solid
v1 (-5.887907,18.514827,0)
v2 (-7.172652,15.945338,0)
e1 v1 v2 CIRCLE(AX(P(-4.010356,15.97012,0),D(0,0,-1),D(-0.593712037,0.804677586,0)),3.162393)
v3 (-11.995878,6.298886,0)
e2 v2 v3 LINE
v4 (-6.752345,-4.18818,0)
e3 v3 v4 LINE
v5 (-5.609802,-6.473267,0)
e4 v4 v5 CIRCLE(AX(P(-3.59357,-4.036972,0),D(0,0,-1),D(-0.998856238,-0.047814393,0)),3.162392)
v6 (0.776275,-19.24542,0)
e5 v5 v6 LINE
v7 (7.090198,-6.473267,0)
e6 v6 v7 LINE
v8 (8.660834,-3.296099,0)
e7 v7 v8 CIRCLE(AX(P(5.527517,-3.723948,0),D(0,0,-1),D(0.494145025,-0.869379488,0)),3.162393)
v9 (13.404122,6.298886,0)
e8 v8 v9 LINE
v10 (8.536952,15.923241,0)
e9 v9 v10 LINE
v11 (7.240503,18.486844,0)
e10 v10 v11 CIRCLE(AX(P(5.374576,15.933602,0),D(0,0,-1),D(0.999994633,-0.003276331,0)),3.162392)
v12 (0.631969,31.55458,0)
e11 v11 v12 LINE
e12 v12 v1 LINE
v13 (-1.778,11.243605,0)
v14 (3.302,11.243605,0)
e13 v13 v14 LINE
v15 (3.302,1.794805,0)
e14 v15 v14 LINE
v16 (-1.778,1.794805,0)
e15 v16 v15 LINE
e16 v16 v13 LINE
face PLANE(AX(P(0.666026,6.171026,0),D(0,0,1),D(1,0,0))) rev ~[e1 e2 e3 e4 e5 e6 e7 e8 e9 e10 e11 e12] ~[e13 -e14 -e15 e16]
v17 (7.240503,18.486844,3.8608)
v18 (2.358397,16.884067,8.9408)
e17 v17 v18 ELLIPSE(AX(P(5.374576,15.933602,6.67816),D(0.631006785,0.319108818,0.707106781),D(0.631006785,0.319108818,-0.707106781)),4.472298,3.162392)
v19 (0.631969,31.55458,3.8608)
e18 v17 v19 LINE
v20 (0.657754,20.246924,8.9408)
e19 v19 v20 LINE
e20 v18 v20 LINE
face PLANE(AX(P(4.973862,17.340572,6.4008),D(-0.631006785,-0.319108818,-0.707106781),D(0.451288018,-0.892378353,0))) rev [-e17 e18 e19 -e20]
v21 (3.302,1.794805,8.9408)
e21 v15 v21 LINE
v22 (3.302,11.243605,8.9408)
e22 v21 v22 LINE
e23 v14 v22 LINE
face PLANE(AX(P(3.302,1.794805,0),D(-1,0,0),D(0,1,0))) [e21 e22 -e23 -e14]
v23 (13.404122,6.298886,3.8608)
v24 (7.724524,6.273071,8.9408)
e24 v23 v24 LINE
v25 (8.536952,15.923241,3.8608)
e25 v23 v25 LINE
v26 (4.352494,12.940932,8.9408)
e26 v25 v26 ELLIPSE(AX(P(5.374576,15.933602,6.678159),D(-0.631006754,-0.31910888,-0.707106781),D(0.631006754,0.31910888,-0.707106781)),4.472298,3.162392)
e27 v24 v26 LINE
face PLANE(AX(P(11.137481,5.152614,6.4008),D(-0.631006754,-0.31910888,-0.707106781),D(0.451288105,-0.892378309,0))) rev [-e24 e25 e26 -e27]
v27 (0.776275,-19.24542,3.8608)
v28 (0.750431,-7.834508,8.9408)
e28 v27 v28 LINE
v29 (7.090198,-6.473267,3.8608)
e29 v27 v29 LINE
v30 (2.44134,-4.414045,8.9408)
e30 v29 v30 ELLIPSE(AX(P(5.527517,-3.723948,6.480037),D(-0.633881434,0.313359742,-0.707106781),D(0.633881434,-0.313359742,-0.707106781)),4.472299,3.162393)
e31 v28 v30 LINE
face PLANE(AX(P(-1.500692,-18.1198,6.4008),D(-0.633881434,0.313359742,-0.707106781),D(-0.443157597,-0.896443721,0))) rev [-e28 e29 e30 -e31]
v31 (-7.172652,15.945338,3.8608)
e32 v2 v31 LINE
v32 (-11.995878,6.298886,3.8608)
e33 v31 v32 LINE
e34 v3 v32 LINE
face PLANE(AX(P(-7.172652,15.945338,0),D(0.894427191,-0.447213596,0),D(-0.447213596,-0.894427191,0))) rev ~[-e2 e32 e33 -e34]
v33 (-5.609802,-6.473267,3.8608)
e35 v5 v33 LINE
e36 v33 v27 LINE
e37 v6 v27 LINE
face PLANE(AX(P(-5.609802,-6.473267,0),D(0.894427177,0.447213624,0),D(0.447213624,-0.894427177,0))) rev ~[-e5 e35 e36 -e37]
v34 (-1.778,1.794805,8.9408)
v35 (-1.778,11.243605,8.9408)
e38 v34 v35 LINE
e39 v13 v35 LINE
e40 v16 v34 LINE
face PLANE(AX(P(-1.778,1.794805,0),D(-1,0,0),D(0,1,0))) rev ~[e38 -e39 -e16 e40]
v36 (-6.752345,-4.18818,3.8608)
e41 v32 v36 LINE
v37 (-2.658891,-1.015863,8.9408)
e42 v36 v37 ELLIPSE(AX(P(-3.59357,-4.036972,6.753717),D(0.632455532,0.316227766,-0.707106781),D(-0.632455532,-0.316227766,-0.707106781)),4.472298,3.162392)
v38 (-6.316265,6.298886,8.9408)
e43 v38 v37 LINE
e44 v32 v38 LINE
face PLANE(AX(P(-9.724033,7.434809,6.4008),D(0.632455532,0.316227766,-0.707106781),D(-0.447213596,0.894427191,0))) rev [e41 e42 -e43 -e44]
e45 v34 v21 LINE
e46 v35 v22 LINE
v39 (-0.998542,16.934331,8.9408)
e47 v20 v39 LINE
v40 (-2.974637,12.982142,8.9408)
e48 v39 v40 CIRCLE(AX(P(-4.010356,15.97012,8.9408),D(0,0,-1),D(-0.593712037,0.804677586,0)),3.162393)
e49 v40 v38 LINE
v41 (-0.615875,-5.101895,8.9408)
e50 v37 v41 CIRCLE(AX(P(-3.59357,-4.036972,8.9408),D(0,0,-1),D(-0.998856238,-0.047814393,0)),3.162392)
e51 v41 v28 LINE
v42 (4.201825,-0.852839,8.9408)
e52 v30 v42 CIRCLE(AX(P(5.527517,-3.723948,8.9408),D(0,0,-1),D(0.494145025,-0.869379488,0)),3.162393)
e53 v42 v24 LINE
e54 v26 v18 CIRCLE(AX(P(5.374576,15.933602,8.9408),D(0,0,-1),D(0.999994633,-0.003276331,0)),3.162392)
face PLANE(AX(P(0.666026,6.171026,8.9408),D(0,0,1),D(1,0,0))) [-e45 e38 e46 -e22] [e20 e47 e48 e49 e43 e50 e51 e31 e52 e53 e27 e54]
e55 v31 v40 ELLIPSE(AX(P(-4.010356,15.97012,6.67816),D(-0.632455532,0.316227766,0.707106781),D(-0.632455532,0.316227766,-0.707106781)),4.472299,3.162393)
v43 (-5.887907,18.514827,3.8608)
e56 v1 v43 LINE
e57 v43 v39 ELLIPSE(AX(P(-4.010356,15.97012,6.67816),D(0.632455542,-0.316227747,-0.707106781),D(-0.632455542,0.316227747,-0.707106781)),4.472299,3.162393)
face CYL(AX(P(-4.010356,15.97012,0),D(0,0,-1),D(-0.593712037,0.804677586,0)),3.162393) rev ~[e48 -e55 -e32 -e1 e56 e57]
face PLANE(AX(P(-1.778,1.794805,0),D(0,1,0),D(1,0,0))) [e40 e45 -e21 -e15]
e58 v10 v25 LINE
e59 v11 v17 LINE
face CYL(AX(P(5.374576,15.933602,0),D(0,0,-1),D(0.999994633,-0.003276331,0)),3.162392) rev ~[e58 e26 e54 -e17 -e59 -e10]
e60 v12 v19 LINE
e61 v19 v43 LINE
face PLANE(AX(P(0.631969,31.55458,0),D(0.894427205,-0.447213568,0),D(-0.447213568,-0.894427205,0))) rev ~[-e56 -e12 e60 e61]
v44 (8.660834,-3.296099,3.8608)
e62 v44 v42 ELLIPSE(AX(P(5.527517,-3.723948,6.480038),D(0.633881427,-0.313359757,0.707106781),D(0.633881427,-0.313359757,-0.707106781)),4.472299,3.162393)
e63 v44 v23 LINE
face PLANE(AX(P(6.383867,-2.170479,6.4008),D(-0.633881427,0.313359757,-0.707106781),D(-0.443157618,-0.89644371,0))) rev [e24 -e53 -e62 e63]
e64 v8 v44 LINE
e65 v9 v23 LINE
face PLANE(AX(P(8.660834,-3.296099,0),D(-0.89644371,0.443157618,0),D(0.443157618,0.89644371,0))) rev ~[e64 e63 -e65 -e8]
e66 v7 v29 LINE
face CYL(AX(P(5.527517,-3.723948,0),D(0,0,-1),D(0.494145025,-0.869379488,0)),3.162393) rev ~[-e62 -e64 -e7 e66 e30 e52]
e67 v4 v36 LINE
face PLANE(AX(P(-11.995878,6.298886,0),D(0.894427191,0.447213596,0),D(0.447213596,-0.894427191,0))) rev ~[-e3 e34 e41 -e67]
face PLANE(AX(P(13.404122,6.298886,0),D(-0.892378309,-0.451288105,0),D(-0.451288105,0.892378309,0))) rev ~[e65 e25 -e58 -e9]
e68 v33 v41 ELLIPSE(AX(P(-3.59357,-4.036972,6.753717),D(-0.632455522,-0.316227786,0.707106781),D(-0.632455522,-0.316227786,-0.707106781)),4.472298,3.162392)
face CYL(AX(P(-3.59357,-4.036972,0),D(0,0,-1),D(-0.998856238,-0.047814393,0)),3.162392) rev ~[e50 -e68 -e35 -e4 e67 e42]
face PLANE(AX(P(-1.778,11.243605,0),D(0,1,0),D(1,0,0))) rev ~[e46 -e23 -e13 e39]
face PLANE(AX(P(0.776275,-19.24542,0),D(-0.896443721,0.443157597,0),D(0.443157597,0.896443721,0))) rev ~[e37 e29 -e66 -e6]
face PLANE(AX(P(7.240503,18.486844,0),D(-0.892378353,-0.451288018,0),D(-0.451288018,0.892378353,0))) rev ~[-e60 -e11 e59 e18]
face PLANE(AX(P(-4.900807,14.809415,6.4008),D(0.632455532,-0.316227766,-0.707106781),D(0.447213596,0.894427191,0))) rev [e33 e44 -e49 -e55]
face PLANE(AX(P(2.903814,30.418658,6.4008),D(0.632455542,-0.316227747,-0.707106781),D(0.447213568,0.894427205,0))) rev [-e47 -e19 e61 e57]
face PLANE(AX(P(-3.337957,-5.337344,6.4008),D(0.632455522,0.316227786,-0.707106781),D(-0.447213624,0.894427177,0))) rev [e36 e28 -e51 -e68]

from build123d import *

# Parameters (mm, degrees)
F0_W     = 5.08
F0_H     = 9.4488
F1_DEPTH = 8.9408
F2_SIZE  = 5.08


with BuildPart() as f1:
    # F0 (on Top) → F1 (new body)
    with BuildSketch(Plane.XY):
        with BuildLine():
            Line((7.240503, 18.486844), (0.631969, 31.55458))
            Line((0.631969, 31.55458), (-5.887907, 18.514827))
            ThreePointArc((-5.887907, 18.514827), (-1.181826, 14.555856), (-7.172652, 15.945338))
            Line((-7.172652, 15.945338), (-11.995878, 6.298886))
            Line((-11.995878, 6.298886), (-6.752345, -4.18818))
            ThreePointArc((-6.752345, -4.18818), (-0.76504, -2.622707), (-5.609802, -6.473267))
            Line((-5.609802, -6.473267), (0.776275, -19.24542))
            Line((0.776275, -19.24542), (7.090198, -6.473267))
            ThreePointArc((7.090198, -6.473267), (2.69261, -2.32251), (8.660834, -3.296099))
            Line((8.660834, -3.296099), (13.404122, 6.298886))
            Line((13.404122, 6.298886), (8.536952, 15.923241))
            ThreePointArc((8.536952, 15.923241), (2.552526, 14.506452), (7.240503, 18.486844))
        make_face()
        with Locations((0.762, 6.519205)):
            Rectangle(F0_W, F0_H, mode=Mode.SUBTRACT)
    extrude(amount=F1_DEPTH)

    # F2
    f2_edges = [f1.edges().sort_by_distance(p)[0] for p in [
        (3.936236, 25.020712, 8.9408),
        (-2.627969, 25.034703, 8.9408),
        (-9.584265, 11.122112, 8.9408),
        (-9.374112, 1.055353, 8.9408),
        (-2.416764, -12.859344, 8.9408),
        (3.933236, -12.859344, 8.9408),
        (11.032478, 1.501393, 8.9408),
        (10.970537, 11.111063, 8.9408),
    ]]
    chamfer(f2_edges, length=F2_SIZE)


solid = f1.part
